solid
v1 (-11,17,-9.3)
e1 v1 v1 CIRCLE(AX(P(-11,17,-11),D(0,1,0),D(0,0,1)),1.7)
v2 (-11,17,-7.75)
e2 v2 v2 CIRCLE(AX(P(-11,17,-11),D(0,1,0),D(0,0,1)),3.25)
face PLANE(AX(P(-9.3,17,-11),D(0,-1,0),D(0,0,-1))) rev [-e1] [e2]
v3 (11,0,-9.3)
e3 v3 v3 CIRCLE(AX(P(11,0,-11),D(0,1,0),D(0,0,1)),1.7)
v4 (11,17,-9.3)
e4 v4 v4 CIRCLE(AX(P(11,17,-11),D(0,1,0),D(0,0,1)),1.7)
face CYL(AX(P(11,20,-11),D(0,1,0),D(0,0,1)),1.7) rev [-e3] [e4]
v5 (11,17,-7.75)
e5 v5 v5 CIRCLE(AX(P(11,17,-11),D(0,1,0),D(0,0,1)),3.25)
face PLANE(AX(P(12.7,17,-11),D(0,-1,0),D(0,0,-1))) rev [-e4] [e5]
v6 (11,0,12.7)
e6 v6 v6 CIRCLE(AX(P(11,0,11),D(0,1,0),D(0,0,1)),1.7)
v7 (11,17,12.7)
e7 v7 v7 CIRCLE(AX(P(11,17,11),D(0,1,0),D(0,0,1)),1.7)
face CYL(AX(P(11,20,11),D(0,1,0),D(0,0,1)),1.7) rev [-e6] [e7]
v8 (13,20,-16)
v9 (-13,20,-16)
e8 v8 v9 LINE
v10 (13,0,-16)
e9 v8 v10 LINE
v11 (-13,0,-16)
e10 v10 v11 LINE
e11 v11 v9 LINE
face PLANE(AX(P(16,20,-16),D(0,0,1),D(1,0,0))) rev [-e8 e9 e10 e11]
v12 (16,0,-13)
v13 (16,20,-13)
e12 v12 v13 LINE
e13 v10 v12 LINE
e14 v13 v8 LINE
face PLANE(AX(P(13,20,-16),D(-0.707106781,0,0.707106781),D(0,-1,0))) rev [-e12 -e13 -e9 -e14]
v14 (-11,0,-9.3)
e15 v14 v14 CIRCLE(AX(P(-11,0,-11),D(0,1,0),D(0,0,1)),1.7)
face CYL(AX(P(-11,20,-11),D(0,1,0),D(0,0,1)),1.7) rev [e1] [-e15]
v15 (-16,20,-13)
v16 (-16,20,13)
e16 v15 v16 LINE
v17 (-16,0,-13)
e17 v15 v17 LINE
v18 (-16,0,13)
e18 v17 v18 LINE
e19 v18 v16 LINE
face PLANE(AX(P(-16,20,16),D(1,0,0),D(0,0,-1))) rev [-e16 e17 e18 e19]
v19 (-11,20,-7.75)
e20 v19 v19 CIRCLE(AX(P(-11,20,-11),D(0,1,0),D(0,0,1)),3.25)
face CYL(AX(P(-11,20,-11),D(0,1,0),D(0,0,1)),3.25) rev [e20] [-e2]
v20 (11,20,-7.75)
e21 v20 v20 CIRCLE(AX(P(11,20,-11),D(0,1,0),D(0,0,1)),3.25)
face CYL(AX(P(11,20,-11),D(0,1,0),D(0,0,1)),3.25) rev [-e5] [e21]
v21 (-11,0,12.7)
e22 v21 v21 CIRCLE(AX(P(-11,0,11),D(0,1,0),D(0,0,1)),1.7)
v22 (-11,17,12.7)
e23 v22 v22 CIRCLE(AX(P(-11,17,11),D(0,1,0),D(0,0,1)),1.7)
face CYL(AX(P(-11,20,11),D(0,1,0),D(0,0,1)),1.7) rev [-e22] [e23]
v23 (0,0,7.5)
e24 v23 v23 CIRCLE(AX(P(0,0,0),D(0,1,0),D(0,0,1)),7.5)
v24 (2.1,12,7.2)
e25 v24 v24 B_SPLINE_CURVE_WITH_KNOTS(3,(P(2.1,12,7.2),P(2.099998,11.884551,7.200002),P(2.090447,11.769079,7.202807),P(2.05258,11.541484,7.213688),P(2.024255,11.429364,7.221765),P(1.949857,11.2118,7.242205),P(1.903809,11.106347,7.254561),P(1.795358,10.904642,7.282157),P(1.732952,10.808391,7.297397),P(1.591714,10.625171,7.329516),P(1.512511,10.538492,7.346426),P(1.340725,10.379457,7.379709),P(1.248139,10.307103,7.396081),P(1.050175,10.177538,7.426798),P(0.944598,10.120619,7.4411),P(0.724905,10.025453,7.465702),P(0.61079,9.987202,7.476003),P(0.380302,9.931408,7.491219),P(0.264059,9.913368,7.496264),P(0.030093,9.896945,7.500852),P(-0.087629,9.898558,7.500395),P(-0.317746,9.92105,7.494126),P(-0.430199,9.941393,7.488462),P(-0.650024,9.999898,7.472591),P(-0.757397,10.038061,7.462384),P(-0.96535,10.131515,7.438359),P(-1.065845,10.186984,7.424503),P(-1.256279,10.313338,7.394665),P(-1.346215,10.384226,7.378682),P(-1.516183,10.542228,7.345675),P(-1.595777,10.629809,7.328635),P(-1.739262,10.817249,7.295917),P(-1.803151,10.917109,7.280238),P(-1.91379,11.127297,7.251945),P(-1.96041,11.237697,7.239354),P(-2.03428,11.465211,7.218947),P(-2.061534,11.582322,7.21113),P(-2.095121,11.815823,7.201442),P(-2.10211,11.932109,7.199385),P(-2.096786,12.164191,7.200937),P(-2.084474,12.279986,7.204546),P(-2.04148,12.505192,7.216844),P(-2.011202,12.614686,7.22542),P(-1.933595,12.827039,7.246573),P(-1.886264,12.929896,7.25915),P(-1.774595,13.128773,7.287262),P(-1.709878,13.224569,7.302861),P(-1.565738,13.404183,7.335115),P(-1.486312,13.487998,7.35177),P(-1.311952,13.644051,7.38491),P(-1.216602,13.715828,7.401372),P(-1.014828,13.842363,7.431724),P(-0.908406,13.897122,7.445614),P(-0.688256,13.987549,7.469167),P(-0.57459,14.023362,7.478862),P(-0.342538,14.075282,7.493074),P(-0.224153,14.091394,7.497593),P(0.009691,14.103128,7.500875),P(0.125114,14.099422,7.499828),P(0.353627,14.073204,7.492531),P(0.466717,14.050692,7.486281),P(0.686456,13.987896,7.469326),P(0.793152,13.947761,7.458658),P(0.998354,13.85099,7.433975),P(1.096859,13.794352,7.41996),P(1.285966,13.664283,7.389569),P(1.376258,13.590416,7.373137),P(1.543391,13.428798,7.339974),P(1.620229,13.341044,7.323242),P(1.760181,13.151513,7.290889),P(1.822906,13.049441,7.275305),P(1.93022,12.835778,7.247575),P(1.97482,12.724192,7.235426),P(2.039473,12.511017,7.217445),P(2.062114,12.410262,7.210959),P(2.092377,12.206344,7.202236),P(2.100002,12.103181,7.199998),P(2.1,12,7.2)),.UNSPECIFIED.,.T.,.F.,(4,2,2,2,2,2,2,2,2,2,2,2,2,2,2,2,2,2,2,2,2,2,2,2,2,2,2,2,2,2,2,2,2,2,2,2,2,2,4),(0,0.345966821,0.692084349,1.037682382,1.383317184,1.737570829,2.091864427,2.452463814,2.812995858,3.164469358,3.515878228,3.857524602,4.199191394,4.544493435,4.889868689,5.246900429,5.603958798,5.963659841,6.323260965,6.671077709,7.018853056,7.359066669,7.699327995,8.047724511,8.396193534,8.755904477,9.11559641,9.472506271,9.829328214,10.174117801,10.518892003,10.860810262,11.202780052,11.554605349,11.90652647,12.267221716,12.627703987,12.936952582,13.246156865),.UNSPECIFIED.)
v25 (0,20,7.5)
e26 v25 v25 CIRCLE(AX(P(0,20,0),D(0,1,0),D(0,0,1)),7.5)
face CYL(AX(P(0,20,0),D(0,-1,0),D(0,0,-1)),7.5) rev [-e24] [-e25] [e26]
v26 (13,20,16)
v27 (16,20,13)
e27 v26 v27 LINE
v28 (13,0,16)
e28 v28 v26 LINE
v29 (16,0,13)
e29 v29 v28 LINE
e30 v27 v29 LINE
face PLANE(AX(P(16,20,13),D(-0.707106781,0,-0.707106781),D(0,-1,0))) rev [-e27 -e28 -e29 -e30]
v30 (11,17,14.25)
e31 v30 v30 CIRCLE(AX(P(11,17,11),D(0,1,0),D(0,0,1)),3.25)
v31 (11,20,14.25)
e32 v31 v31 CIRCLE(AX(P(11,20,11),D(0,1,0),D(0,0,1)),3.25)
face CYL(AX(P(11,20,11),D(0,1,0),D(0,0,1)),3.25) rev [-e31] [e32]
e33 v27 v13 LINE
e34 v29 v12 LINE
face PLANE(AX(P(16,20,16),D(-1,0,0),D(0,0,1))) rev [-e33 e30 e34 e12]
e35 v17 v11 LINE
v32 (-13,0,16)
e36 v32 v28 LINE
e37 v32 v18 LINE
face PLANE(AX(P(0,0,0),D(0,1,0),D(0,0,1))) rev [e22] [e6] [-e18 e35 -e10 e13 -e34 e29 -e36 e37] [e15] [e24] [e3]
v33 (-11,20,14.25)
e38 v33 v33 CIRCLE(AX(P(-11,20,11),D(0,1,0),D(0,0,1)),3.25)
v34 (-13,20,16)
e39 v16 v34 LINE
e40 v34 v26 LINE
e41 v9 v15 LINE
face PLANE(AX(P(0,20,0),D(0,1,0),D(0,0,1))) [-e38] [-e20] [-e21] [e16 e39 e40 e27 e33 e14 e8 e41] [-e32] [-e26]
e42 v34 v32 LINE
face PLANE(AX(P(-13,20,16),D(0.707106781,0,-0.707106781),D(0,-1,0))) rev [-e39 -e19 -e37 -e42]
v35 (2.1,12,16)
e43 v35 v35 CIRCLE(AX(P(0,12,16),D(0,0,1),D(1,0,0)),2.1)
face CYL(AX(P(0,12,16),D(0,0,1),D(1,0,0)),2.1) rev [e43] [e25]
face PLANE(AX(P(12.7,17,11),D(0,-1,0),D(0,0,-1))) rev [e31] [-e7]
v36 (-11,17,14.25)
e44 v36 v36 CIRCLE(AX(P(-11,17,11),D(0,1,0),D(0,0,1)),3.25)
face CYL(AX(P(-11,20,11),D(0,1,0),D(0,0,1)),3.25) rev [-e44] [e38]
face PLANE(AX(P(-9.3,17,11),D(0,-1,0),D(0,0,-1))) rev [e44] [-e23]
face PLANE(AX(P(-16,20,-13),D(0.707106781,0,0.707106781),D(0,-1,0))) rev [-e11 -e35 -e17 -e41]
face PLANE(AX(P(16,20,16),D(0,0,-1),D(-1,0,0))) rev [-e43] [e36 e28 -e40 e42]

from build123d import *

# Parameters (mm, degrees)
SKETCH1_W                      = 32
SKETCH1_H                      = 32
SKETCH1_R                      = 7.5
BOSS_EXTRUDE1_DEPTH            = 20
CBORE_FOR_M3_SHCS1_D           = 3.4
CBORE_FOR_M3_SHCS1_CBORE_D     = 6.5
CBORE_FOR_M3_SHCS1_CBORE_DEPTH = 3
M5X0_8_TAPPED_HOLE1_REACH      = 42.988
M5X0_8_TAPPED_HOLE1_BORE_R     = 2.1
CHAMFER1_SIZE                  = 3


with BuildPart() as part:
    # Sketch1 → Boss-Extrude1 (new body)
    with BuildSketch(Plane(origin=(0, 0, 0), x_dir=(1, 0, 0), z_dir=(0, 1, 0))):
        Rectangle(SKETCH1_W, SKETCH1_H)
        with Locations(Location((0, 0, 0), (0, 0, 270))):
            Circle(SKETCH1_R, mode=Mode.SUBTRACT)
    extrude(amount=BOSS_EXTRUDE1_DEPTH)

    # CBORE for M3 SHCS1 (through all)
    with Locations(Plane(origin=(0, 20, 0), x_dir=(1, 0, 0), z_dir=(0, 1, 0))):
        with Locations((-11, 11), (11, 11), (11, -11), (-11, -11)):
            CounterBoreHole(CBORE_FOR_M3_SHCS1_D / 2, CBORE_FOR_M3_SHCS1_CBORE_D / 2, CBORE_FOR_M3_SHCS1_CBORE_DEPTH)

    # M5x0.8 Tapped Hole1 bore → M5x0.8 Tapped Hole1 (cut, up to next)
    with BuildSketch(Plane.XY.offset(16), mode=Mode.PRIVATE) as m5x0_8_tapped_hole1_sk1:
        with Locations((0, 12)):
            Circle(M5X0_8_TAPPED_HOLE1_BORE_R)
    m5x0_8_tapped_hole1_tool1 = extrude(m5x0_8_tapped_hole1_sk1.sketch, amount=-M5X0_8_TAPPED_HOLE1_REACH, mode=Mode.PRIVATE) & part.part
    add(m5x0_8_tapped_hole1_tool1.solids().sort_by_distance((0, 12, 16))[0], mode=Mode.SUBTRACT)

    # Chamfer1
    chamfer1_edges = [part.edges().sort_by_distance(p)[0] for p in [
        (-16, 10, -16),
        (16, 10, -16),
        (16, 10, 16),
        (-16, 10, 16),
    ]]
    chamfer(chamfer1_edges, length=CHAMFER1_SIZE)


solid = part.part
